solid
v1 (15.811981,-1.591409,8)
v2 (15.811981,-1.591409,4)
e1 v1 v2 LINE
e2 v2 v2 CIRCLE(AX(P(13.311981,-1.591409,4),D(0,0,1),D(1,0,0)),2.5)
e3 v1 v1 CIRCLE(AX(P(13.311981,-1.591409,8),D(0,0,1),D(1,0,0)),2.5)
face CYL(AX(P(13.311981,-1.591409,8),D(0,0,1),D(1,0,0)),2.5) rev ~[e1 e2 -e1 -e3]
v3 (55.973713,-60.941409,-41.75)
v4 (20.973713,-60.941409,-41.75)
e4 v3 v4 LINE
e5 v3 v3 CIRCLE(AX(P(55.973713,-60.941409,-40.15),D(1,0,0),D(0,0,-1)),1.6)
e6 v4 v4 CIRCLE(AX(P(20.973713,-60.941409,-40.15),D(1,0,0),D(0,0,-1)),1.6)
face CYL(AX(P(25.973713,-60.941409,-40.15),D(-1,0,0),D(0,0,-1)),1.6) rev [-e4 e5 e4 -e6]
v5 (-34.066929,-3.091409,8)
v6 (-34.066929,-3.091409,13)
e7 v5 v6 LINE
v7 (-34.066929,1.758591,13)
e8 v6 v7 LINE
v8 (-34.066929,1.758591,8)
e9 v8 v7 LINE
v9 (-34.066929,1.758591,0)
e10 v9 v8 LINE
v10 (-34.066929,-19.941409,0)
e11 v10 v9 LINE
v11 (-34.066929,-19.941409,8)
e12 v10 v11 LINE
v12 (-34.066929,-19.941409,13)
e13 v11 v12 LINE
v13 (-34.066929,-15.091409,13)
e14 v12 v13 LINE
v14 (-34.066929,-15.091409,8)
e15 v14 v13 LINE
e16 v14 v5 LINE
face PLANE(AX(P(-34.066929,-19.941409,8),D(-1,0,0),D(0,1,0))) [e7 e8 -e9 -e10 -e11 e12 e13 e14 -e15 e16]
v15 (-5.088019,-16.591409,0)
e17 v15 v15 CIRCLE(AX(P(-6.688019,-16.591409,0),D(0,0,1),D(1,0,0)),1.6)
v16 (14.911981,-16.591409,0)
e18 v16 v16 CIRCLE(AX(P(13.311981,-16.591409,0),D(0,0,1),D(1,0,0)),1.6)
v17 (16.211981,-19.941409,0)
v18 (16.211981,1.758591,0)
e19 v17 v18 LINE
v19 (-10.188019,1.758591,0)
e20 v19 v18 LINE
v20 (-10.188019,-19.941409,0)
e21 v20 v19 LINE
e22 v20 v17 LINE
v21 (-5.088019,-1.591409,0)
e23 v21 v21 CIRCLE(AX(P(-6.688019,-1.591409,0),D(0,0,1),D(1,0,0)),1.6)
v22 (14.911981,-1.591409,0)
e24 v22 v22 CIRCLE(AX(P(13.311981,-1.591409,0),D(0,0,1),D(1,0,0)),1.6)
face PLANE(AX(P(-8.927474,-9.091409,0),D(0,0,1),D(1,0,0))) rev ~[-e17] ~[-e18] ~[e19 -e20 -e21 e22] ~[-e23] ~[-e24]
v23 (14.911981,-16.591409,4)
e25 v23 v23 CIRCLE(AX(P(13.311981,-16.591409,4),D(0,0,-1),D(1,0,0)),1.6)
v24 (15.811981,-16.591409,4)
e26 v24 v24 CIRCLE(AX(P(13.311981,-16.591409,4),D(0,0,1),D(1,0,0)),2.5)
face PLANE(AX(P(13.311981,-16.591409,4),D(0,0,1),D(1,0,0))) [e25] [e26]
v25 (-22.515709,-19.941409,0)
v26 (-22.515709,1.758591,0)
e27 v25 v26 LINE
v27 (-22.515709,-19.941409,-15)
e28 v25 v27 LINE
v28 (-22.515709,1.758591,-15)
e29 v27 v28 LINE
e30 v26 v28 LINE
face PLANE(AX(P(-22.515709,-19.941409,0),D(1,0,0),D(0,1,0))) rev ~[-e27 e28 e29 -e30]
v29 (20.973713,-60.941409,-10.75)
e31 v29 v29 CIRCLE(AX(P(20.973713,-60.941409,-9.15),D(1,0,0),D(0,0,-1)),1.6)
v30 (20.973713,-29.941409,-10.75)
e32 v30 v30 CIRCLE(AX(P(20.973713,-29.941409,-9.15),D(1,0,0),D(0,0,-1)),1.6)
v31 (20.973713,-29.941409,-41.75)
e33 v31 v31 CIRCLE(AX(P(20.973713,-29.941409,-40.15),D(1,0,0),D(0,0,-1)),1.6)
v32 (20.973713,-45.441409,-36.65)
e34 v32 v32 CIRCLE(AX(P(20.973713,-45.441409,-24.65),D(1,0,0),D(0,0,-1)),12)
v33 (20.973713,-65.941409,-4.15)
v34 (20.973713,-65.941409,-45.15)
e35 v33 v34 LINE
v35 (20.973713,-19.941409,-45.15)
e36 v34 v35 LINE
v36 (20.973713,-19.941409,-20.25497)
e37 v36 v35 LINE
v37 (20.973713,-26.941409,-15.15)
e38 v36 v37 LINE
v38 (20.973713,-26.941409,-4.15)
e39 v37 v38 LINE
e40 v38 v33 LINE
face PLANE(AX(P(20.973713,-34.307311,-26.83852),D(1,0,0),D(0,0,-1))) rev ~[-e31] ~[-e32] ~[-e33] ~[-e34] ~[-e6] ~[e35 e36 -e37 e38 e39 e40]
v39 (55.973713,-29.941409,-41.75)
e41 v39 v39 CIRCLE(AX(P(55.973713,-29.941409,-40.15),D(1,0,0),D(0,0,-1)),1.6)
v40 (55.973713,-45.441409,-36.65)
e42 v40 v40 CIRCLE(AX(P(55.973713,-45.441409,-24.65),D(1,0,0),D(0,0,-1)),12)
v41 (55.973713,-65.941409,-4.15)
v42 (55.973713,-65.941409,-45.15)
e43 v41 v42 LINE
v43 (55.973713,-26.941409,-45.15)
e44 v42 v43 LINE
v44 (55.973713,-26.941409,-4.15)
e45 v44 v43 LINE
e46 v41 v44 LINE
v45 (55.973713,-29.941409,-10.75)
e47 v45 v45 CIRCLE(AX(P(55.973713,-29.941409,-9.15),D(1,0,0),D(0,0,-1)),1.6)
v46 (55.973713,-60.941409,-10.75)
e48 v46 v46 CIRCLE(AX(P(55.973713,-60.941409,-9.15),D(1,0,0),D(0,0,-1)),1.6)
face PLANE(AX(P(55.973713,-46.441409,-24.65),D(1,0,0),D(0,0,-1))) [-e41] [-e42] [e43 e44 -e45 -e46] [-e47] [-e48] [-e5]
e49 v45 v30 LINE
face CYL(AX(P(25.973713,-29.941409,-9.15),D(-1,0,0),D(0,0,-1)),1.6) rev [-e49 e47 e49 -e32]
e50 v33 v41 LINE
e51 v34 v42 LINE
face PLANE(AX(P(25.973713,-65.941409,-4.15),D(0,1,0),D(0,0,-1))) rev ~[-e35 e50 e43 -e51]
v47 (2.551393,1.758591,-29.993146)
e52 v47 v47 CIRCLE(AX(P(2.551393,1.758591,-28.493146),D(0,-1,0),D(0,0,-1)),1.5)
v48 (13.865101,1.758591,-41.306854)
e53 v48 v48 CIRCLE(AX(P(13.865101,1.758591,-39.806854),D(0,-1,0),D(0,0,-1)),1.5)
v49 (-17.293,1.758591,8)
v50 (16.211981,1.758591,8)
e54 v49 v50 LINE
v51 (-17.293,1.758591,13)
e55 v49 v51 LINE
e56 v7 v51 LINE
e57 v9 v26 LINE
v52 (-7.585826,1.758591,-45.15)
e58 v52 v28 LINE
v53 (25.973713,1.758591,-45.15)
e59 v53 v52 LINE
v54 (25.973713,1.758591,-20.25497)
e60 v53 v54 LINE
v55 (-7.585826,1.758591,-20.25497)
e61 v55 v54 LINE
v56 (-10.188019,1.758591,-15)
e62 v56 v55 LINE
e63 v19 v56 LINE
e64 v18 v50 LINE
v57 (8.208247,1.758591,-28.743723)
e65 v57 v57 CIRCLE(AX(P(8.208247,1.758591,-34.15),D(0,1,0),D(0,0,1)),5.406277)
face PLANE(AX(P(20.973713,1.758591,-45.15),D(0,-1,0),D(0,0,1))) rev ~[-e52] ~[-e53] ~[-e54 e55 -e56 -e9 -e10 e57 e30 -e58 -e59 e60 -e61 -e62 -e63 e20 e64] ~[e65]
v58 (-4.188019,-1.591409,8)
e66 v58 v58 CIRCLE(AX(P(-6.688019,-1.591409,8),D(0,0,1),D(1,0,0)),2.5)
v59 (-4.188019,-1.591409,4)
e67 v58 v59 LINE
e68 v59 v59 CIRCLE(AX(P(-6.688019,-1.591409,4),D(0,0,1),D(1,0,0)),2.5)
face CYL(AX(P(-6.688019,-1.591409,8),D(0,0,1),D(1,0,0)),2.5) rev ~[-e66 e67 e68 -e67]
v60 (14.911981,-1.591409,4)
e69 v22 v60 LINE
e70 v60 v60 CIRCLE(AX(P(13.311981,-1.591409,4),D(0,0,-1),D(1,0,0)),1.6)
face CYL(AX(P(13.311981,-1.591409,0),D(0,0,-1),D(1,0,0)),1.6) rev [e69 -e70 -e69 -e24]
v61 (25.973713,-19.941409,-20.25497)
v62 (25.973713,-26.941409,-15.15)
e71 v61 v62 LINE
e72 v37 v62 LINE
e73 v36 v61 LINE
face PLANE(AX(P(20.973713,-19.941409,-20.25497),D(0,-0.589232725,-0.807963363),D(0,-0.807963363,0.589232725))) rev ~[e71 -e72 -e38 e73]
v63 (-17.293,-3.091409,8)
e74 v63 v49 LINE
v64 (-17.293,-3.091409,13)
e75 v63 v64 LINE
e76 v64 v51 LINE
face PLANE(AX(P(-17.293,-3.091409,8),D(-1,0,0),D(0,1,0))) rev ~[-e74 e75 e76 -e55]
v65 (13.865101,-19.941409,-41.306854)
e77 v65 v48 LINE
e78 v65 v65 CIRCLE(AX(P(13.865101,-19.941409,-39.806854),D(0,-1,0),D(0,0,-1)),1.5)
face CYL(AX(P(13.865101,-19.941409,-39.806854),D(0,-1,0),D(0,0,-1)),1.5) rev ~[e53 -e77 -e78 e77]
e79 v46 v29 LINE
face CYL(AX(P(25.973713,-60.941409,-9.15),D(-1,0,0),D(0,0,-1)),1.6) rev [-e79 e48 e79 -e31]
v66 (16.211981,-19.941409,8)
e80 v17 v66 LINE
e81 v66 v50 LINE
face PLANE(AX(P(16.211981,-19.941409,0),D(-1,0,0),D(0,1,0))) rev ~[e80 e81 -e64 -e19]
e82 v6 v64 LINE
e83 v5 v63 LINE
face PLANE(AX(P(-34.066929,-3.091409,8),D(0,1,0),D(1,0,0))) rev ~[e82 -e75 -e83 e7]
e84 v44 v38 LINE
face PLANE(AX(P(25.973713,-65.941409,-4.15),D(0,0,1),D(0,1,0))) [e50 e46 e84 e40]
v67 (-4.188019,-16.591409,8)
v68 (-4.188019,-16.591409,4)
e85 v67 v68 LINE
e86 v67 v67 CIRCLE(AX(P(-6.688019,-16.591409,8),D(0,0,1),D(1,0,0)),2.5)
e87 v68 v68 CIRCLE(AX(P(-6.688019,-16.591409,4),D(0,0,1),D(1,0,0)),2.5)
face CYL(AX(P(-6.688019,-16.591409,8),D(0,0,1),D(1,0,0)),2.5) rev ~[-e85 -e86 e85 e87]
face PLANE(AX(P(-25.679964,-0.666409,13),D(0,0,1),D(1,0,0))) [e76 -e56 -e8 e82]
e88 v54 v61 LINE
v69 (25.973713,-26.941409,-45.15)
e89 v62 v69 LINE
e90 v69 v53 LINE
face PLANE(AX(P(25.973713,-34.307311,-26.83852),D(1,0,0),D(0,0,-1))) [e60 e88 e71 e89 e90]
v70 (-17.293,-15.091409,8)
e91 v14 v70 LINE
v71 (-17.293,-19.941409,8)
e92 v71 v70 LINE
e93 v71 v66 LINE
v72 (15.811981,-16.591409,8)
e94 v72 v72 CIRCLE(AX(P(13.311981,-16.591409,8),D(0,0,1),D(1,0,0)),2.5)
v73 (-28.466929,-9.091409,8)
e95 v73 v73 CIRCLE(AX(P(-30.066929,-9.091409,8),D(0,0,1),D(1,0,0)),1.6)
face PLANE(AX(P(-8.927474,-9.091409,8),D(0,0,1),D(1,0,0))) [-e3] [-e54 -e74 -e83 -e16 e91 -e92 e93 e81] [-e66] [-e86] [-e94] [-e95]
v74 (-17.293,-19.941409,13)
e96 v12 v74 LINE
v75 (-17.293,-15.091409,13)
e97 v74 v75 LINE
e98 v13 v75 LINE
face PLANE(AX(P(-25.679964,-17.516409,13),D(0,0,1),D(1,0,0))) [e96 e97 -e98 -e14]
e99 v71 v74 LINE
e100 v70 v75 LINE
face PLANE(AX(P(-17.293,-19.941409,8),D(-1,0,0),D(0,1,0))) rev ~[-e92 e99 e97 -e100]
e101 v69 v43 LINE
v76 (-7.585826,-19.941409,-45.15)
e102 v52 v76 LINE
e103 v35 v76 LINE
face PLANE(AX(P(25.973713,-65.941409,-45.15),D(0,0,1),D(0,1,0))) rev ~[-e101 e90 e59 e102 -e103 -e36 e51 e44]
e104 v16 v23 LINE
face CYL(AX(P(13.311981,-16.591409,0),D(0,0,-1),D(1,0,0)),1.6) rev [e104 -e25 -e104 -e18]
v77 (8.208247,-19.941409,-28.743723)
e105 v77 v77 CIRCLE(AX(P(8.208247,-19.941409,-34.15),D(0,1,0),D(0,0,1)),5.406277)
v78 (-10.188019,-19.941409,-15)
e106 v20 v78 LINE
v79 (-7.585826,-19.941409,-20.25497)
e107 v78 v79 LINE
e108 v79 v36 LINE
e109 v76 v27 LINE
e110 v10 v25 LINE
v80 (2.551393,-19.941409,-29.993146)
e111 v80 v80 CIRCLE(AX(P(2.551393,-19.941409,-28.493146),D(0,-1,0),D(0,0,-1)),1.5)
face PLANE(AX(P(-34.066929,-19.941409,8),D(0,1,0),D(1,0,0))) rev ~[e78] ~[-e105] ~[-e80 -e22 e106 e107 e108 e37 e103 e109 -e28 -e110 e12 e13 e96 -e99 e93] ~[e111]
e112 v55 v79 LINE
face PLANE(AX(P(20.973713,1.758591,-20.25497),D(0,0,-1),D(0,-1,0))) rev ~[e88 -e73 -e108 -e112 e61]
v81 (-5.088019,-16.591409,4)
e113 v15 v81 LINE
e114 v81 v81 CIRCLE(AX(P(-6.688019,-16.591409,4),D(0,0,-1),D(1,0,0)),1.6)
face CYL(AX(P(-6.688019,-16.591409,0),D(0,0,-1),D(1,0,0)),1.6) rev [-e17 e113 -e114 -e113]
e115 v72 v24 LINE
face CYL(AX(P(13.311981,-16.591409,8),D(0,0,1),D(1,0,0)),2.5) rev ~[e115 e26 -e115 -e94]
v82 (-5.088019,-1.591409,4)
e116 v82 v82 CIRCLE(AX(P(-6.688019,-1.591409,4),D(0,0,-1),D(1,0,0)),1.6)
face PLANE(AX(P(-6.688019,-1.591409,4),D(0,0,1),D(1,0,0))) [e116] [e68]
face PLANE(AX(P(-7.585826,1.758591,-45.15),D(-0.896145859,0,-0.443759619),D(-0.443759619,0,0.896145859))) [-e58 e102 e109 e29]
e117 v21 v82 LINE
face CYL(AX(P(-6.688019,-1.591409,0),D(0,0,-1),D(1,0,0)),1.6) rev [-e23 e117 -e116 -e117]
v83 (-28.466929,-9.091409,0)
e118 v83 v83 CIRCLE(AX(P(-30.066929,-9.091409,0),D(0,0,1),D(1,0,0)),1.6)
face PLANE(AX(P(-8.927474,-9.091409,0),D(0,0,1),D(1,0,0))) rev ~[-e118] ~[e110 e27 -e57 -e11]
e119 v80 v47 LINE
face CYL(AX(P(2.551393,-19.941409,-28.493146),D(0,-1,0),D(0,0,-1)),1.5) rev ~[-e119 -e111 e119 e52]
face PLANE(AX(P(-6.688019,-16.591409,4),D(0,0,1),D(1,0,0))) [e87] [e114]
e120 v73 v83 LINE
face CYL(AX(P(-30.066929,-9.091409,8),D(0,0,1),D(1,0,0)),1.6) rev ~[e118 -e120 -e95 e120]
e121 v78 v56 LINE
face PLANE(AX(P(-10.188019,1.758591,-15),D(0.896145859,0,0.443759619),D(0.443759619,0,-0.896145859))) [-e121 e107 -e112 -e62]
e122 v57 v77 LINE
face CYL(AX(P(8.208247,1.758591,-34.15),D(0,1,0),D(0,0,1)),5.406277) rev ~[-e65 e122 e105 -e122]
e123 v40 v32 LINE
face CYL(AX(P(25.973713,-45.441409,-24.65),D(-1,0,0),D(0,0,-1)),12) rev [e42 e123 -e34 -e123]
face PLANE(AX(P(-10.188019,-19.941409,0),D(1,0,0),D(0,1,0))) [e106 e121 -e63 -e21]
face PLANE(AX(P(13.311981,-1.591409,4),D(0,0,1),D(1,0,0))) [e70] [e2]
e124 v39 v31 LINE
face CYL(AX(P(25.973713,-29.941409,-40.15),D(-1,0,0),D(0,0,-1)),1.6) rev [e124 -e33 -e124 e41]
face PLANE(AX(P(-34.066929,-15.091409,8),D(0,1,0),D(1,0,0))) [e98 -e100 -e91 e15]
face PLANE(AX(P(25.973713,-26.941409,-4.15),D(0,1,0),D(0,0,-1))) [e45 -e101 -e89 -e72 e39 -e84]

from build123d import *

# Parameters (mm, degrees)
SKICA1_W                 = 50.278910674
SKICA1_H                 = 21.7
SKICA1_R                 = 1.6
P_IDAT_VYSUNUT_M1_DEPTH  = 8
SKICA2_R                 = 2.5
ODEBRAT_VYSUNUT_M1_DEPTH = 4
SKICA3_R                 = 1.6
ODEBRAT_VYSUNUT_M2_DEPTH = 8
SKICA4_W                 = 12.327690559
SKICA4_H                 = 21.7
P_IDAT_VYSUNUT_M2_DEPTH  = 15
SKICA6_R                 = 5.406276896
P_IDAT_VYSUNUT_M3_DEPTH  = 21.7
SKICA7_R                 = 1.5
ODEBRAT_VYSUNUT_M3_DEPTH = 21.7
SKICA9_R                 = 1.6
SKICA9_R_2               = 12
P_IDAT_VYSUNUT_M4_DEPTH  = 5
SKICA10_W                = 41
SKICA10_H                = 39
SKICA10_R                = 12
SKICA10_R_2              = 1.6
P_IDAT_VYSUNUT_M5_DEPTH  = 30
SKICA11_W                = 16.773929501
SKICA11_H                = 4.85
P_IDAT_VYSUNUT_M6_DEPTH  = 5


with BuildPart() as part:
    # Skica1 → Přidat vysunutím1 (new body)
    with BuildSketch(Plane.XY):
        with Locations((-8.927473885, -9.09140889)):
            Rectangle(SKICA1_W, SKICA1_H)
        with Locations((13.311981452, -16.59140889)):
            Circle(SKICA1_R, mode=Mode.SUBTRACT)
        with Locations((-6.688018548, -16.59140889)):
            Circle(SKICA1_R, mode=Mode.SUBTRACT)
        with Locations((-6.688018548, -1.59140889)):
            Circle(SKICA1_R, mode=Mode.SUBTRACT)
        with Locations((13.311981452, -1.59140889)):
            Circle(SKICA1_R, mode=Mode.SUBTRACT)
    extrude(amount=P_IDAT_VYSUNUT_M1_DEPTH)

    # Skica2 → Odebrat vysunutím1 (cut)
    with BuildSketch(Plane.XY.offset(8)):
        with Locations((13.311981452, -16.59140889)):
            Circle(SKICA2_R)
        with Locations((-6.688018548, -16.59140889)):
            Circle(SKICA2_R)
        with Locations((-6.688018548, -1.59140889)):
            Circle(SKICA2_R)
        with Locations((13.311981452, -1.59140889)):
            Circle(SKICA2_R)
    extrude(amount=-ODEBRAT_VYSUNUT_M1_DEPTH, mode=Mode.SUBTRACT)

    # Skica3 → Odebrat vysunutím2 (cut)
    with BuildSketch(Plane.XY.offset(8)):
        with Locations((-30.066929222, -9.09140889)):
            Circle(SKICA3_R)
    extrude(amount=-ODEBRAT_VYSUNUT_M2_DEPTH, mode=Mode.SUBTRACT)

    # Skica4 → Přidat vysunutím2 (add)
    with BuildSketch(Plane(origin=(0, 0, 0), x_dir=(-1, 0, 0), z_dir=(0, 0, -1))):
        with Locations((16.351863828, -9.09140889)):
            Rectangle(SKICA4_W, SKICA4_H)
    extrude(amount=P_IDAT_VYSUNUT_M2_DEPTH)

    # Skica6 → Přidat vysunutím3 (add)
    with BuildSketch(Plane(origin=(0, 1.75859111, 0), x_dir=(1, 0, 0), z_dir=(0, 1, 0))):
        Polygon((-22.515709107, 15), (-10.188018548, 15), (-7.585826442, 20.254970434), (20.97371307, 20.254970434), (20.97371307, 45.15), (4.741864117, 45.15), (-7.585826442, 45.15), align=None)
        with Locations(Location((8.208247023, 34.15, 0), (0, 0, 270))):
            Circle(SKICA6_R, mode=Mode.SUBTRACT)
    extrude(amount=-P_IDAT_VYSUNUT_M3_DEPTH)

    # Skica7 → Odebrat vysunutím3 (cut)
    with BuildSketch(Plane.XZ.offset(19.94140889)):
        with Locations(Location((2.551392773, -28.493145751, 0), (0, 0, 270))):
            Circle(SKICA7_R)
        with Locations(Location((13.865101272, -39.806854249, 0), (0, 0, 270))):
            Circle(SKICA7_R)
    extrude(amount=-ODEBRAT_VYSUNUT_M3_DEPTH, mode=Mode.SUBTRACT)

    # Skica9 → Přidat vysunutím4 (add)
    with BuildSketch(Plane(origin=(20.97371307, 0, 0), x_dir=(0, 0, -1), z_dir=(1, 0, 0))):
        Polygon((45.15, 1.75859111), (20.254970434, 1.75859111), (20.254970434, -19.94140889), (15.15, -26.94140889), (4.15, -26.94140889), (4.15, -65.94140889), (15.15, -65.94140889), (45.15, -65.94140889), (45.15, -19.94140889), align=None)
        with Locations((40.15, -60.94140889)):
            Circle(SKICA9_R, mode=Mode.SUBTRACT)
        with Locations((9.15, -60.94140889)):
            Circle(SKICA9_R, mode=Mode.SUBTRACT)
        with Locations((9.15, -29.94140889)):
            Circle(SKICA9_R, mode=Mode.SUBTRACT)
        with Locations((40.15, -29.94140889)):
            Circle(SKICA9_R, mode=Mode.SUBTRACT)
        with Locations((24.65, -45.44140889)):
            Circle(SKICA9_R_2, mode=Mode.SUBTRACT)
    extrude(amount=P_IDAT_VYSUNUT_M4_DEPTH)

    # Skica10 → Přidat vysunutím5 (add)
    with BuildSketch(Plane(origin=(25.97371307, 0, 0), x_dir=(0, 0, -1), z_dir=(1, 0, 0))):
        with Locations((24.65, -46.44140889)):
            Rectangle(SKICA10_W, SKICA10_H)
        with Locations((24.65, -45.44140889)):
            Circle(SKICA10_R, mode=Mode.SUBTRACT)
        with Locations((40.15, -60.94140889)):
            Circle(SKICA10_R_2, mode=Mode.SUBTRACT)
        with Locations((40.15, -29.94140889)):
            Circle(SKICA10_R_2, mode=Mode.SUBTRACT)
        with Locations((9.15, -29.94140889)):
            Circle(SKICA10_R_2, mode=Mode.SUBTRACT)
        with Locations((9.15, -60.94140889)):
            Circle(SKICA10_R_2, mode=Mode.SUBTRACT)
    extrude(amount=P_IDAT_VYSUNUT_M5_DEPTH)

    # Skica11 → Přidat vysunutím6 (add)
    with BuildSketch(Plane.XY.offset(8)):
        with Locations((-25.679964471, -17.51640889)):
            Rectangle(SKICA11_W, SKICA11_H)
        with Locations((-25.679964471, -0.66640889)):
            Rectangle(SKICA11_W, SKICA11_H)
    extrude(amount=P_IDAT_VYSUNUT_M6_DEPTH)


solid = part.part
